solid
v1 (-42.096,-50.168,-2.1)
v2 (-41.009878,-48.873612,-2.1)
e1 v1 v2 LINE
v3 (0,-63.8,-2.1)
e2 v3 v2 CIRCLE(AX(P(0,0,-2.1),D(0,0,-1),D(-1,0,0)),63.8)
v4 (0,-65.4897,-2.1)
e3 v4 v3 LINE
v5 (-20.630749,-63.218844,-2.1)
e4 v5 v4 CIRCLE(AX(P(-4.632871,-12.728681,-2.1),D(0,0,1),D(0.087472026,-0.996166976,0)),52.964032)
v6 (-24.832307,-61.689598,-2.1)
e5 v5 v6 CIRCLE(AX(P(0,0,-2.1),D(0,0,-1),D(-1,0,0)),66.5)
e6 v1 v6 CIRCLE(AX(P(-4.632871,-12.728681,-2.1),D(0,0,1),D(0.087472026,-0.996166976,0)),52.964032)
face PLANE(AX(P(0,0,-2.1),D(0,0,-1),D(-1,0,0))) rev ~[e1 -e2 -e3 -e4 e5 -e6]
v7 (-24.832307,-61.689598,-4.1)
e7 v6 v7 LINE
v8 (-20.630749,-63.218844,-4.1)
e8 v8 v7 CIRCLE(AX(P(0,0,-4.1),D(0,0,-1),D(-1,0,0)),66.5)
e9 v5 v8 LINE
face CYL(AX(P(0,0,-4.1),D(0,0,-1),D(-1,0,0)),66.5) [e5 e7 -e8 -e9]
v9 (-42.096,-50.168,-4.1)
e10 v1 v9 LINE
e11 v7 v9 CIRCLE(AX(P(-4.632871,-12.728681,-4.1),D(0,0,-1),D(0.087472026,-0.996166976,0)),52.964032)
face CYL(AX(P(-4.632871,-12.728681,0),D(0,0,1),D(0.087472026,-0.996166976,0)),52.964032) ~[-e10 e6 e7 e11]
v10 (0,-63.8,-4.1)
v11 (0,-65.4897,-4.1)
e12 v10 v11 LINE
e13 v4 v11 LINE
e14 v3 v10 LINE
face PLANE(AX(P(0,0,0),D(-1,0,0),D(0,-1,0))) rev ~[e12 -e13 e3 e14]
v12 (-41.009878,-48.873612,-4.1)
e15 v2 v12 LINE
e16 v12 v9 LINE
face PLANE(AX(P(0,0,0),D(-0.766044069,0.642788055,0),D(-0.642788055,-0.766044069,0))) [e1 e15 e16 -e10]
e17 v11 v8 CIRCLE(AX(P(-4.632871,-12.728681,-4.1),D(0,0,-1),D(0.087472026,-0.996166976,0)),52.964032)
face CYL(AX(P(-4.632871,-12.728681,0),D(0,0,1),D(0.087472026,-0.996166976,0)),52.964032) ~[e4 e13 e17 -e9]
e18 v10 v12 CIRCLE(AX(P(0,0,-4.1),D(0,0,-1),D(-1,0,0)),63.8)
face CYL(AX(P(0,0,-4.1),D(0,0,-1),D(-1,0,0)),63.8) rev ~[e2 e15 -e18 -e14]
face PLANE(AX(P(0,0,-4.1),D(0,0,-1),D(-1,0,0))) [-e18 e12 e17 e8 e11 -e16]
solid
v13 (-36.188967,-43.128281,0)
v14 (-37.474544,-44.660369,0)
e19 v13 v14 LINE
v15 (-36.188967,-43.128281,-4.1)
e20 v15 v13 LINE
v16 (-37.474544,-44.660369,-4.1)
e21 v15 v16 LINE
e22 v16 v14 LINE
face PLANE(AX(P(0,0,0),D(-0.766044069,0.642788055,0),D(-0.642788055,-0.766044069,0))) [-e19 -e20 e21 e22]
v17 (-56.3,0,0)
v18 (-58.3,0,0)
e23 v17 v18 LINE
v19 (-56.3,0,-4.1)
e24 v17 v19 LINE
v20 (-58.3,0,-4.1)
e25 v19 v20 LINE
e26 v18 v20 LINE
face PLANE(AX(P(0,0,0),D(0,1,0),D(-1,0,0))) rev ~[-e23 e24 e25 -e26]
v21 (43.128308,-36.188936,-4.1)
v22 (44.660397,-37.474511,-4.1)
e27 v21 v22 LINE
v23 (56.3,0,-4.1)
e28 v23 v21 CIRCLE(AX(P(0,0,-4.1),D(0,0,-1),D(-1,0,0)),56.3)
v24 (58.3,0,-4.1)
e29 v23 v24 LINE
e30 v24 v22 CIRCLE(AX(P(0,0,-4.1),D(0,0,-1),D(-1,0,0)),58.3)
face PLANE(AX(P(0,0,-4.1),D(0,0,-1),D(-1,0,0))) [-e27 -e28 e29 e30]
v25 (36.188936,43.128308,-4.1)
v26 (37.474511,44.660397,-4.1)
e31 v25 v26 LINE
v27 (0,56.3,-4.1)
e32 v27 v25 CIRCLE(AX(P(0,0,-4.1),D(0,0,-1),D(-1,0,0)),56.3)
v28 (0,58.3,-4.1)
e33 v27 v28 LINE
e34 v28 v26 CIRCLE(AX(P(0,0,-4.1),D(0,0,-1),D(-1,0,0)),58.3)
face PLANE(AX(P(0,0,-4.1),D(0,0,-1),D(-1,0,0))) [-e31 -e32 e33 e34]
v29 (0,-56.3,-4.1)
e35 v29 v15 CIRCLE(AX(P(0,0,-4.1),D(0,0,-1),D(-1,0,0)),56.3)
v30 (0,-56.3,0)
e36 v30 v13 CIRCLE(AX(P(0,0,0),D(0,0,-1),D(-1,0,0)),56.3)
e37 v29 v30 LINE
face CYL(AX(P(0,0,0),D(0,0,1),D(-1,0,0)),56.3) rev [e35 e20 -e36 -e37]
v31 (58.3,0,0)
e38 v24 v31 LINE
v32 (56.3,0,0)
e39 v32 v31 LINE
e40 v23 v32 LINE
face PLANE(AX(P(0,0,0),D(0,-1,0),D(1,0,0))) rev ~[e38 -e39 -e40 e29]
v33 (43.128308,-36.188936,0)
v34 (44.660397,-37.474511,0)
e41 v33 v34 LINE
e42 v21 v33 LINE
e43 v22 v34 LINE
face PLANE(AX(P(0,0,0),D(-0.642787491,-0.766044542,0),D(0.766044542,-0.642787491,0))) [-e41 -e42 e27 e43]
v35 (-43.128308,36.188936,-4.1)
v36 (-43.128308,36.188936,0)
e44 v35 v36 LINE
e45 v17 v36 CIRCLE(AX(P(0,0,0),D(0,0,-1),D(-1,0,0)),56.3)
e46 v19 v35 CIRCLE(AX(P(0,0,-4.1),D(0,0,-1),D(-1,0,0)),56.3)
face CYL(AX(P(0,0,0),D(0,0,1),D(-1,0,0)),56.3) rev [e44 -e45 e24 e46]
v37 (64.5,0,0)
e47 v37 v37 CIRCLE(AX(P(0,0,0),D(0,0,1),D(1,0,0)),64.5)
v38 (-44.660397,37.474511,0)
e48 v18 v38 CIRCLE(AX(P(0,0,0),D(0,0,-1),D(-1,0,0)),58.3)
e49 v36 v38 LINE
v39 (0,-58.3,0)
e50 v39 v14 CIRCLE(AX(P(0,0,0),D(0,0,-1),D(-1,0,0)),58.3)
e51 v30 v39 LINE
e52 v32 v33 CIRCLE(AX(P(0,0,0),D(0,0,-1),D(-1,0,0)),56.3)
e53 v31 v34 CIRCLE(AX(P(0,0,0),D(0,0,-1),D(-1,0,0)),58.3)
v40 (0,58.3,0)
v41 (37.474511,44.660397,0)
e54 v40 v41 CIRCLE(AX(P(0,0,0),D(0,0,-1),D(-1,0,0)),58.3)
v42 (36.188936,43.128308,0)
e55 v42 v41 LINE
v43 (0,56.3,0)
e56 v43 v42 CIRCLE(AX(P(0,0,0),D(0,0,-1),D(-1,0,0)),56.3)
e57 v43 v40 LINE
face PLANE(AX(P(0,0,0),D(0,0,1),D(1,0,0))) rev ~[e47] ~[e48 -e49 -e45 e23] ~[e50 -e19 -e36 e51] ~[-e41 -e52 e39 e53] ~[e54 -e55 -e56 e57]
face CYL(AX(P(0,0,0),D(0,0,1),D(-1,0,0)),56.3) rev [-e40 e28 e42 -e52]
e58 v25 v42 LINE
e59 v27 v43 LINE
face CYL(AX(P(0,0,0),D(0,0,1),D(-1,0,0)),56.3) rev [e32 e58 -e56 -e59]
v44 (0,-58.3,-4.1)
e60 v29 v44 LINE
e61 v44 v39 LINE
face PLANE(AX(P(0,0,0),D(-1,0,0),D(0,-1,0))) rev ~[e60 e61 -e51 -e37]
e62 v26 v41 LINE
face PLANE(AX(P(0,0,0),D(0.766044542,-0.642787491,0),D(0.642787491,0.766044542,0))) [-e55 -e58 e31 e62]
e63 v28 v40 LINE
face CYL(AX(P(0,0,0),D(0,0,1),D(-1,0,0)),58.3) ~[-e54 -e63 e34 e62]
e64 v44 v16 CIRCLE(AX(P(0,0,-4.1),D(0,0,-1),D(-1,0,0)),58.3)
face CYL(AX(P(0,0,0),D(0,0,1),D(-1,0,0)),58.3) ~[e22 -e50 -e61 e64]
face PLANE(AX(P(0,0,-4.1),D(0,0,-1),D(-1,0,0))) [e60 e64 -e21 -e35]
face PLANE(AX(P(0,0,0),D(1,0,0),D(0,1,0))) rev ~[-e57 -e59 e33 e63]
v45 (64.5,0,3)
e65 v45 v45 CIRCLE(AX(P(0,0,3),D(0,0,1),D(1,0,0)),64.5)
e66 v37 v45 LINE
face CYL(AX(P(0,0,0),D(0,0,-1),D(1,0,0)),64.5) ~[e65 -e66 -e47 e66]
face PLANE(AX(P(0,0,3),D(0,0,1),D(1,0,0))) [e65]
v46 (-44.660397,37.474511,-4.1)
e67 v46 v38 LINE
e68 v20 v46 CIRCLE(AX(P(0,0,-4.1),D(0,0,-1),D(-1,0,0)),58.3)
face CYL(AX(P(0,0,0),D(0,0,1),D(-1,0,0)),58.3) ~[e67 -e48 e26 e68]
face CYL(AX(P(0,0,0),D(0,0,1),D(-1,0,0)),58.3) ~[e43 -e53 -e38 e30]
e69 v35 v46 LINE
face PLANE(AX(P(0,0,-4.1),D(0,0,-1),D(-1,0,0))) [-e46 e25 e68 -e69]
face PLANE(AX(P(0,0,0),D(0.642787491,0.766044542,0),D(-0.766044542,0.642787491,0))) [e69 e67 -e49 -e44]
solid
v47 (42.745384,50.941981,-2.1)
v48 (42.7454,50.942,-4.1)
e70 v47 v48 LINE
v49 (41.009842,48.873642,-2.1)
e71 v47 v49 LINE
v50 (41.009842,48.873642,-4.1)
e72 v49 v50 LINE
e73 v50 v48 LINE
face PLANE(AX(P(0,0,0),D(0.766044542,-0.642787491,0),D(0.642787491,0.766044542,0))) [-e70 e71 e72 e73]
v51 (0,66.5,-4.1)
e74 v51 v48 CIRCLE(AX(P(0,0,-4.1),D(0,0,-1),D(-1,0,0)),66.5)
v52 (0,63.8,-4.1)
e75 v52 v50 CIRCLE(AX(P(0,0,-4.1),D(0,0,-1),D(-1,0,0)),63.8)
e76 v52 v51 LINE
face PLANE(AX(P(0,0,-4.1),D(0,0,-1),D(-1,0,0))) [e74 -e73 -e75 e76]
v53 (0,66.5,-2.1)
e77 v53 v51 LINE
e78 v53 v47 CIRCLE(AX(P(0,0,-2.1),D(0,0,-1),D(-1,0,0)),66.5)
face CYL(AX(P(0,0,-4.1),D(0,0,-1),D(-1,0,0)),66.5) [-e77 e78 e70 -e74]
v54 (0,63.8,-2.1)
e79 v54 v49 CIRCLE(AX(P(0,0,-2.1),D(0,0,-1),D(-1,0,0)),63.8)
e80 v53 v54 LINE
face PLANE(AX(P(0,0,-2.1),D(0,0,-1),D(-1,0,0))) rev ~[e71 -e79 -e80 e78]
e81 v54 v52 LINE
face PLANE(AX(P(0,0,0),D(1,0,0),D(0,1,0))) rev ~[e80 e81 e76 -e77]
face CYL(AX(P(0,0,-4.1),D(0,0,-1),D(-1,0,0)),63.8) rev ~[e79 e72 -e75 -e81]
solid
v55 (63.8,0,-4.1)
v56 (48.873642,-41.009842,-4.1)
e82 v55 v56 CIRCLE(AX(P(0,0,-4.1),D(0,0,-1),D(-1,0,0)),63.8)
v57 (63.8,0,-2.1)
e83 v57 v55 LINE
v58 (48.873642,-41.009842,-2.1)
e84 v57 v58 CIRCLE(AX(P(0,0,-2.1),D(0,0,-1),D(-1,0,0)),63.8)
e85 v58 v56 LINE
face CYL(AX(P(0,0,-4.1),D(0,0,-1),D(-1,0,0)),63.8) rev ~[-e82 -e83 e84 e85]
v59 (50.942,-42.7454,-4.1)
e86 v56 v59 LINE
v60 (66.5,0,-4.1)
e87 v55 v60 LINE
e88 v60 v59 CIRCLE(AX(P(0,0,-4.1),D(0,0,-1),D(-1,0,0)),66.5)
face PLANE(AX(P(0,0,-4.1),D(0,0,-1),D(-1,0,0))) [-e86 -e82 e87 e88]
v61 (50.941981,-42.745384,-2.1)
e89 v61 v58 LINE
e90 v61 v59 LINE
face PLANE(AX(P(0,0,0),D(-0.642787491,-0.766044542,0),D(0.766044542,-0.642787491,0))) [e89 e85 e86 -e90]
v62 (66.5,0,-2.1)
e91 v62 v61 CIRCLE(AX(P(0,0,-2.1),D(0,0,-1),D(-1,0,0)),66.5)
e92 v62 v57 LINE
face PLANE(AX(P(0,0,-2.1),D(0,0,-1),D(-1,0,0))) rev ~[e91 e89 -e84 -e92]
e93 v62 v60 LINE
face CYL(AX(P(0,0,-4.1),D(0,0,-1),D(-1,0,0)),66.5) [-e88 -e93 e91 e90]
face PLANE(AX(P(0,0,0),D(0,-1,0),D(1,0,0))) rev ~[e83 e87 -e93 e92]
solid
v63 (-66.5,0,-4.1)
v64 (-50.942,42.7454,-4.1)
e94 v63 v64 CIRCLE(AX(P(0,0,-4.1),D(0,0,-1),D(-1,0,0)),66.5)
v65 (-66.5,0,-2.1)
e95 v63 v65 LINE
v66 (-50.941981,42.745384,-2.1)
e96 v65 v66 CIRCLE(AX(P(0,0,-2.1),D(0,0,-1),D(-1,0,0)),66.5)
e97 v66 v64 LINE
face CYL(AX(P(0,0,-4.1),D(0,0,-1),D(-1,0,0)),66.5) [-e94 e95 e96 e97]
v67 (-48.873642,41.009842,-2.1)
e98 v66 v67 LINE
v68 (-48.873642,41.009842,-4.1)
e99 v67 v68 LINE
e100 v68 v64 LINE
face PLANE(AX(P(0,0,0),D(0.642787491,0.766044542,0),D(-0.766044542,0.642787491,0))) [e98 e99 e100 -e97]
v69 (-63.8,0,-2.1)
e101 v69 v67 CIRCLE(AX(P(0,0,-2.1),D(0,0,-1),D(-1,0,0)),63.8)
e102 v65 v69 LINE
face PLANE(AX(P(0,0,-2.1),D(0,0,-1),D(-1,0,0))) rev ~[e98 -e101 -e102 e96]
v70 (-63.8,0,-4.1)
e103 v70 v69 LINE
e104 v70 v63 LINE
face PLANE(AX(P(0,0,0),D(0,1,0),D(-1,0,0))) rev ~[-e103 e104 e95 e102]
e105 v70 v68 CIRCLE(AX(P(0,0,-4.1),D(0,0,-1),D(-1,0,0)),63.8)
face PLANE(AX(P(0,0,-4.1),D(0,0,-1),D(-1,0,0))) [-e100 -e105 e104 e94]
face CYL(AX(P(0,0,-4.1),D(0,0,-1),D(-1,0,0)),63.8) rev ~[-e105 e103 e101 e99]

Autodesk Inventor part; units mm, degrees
ref_plane "YZ Plane" through (0, 0, 0) normal (1, 0, 0) x (0, 1, 0)
ref_plane "XZ Plane" through (0, 0, 0) normal (0, 1, 0) x (-1, 0, 0)
sketch "Skizze2" plane through (0, 0, 0) normal (0, 0, 1) x (1, 0, 0)
  circle A0 centre (0, 0) radius 64.5
  point P0 (1.5625, 1.8697)
  dimension "d1" = 129
extrude "Extrusion1" add sketch "Skizze2" along normal blind 3
ref_plane "Arbeitsebene1" through (0, 0, -5) normal (0, 0, 1) x (1, 0, 0)
sketch "Skizze16" plane through (0, 0, 0) normal (0, 0, -1) x (-1, 0, 0)
  circle A0 centre (0, 0) radius 58.3
  circle A1 centre (0, 0) radius 64.5 projected
  circle A2 centre (0, 0) radius 56.3
  dimension "d49" = 6.2
  dimension "d50" = 2
extrude "Extrusion2" add sketch "Skizze16" along normal blind 4.1 contours A0
sketch "Skizze17" plane through (0, 0, -4.1) normal (0, 0, -1) x (-1, 0, 0)
  circle A0 centre (0, 0) radius 63.8
  circle A1 centre (0, 0) radius 66.5
  circle A2 centre (0, 0) radius 58.3 projected
  dimension "d53" = 2.7
  dimension "d54" = 127.6
extrude "Extrusion3" add sketch "Skizze17" against normal blind 2 contours A1
sketch "Skizze18" plane through (0, 0, 0) normal (0, 0, -1) x (-1, 0, 0)
  circle A0 centre (0, 0) radius 66.5 projected
  line L0 (0, 0) -> (0, 66.5)
  line L1 (0, 0) -> (50.942, 42.7454)
  line L2 (0, 0) -> (66.5, 0)
  line L3 (0, 0) -> (42.096, -50.168)
  line L4 (0, 0) -> (0, -65.4897)
  line L5 (0, 0) -> (-50.942, -42.7454)
  line L6 (0, 0) -> (-66.5, 0)
  line L7 (0, 0) -> (-42.7454, 50.942)
  arc A1 (66.5, 0) -> (50.942, 42.7454) centre (0, 0) ccw
  arc A2 (0, 66.5) -> (-42.7454, 50.942) centre (0, 0) ccw
  arc A3 (-66.5, 0) -> (-50.942, -42.7454) centre (0, 0) ccw
  arc A4 (0, -65.4897) -> (42.096, -50.168) centre (4.6329, -12.7289) ccw
  point P0 (-50.942, -42.7454)
  point P1 (-11.5476, -65.4897)
  point P2 (42.7454, -50.942)
  point P3 (20.6268, -63.2201)
  point P4 (24.8361, -61.6881)
  dimension "d57" = 50
  dimension "d58" = 50
  dimension "d59" = 50
  dimension "d60" = 40
  dimension "d61" = 50
  dimension "d64" = 40
extrude "Extrusion4" cut sketch "Skizze18" along normal up to surface (4.1 mm away) contours A0 A4 L3 L2 | L1 L0 A0 | L4 A4 A0 L5 | L6 A0 L7
properties part number "GehaeuseteilA"
